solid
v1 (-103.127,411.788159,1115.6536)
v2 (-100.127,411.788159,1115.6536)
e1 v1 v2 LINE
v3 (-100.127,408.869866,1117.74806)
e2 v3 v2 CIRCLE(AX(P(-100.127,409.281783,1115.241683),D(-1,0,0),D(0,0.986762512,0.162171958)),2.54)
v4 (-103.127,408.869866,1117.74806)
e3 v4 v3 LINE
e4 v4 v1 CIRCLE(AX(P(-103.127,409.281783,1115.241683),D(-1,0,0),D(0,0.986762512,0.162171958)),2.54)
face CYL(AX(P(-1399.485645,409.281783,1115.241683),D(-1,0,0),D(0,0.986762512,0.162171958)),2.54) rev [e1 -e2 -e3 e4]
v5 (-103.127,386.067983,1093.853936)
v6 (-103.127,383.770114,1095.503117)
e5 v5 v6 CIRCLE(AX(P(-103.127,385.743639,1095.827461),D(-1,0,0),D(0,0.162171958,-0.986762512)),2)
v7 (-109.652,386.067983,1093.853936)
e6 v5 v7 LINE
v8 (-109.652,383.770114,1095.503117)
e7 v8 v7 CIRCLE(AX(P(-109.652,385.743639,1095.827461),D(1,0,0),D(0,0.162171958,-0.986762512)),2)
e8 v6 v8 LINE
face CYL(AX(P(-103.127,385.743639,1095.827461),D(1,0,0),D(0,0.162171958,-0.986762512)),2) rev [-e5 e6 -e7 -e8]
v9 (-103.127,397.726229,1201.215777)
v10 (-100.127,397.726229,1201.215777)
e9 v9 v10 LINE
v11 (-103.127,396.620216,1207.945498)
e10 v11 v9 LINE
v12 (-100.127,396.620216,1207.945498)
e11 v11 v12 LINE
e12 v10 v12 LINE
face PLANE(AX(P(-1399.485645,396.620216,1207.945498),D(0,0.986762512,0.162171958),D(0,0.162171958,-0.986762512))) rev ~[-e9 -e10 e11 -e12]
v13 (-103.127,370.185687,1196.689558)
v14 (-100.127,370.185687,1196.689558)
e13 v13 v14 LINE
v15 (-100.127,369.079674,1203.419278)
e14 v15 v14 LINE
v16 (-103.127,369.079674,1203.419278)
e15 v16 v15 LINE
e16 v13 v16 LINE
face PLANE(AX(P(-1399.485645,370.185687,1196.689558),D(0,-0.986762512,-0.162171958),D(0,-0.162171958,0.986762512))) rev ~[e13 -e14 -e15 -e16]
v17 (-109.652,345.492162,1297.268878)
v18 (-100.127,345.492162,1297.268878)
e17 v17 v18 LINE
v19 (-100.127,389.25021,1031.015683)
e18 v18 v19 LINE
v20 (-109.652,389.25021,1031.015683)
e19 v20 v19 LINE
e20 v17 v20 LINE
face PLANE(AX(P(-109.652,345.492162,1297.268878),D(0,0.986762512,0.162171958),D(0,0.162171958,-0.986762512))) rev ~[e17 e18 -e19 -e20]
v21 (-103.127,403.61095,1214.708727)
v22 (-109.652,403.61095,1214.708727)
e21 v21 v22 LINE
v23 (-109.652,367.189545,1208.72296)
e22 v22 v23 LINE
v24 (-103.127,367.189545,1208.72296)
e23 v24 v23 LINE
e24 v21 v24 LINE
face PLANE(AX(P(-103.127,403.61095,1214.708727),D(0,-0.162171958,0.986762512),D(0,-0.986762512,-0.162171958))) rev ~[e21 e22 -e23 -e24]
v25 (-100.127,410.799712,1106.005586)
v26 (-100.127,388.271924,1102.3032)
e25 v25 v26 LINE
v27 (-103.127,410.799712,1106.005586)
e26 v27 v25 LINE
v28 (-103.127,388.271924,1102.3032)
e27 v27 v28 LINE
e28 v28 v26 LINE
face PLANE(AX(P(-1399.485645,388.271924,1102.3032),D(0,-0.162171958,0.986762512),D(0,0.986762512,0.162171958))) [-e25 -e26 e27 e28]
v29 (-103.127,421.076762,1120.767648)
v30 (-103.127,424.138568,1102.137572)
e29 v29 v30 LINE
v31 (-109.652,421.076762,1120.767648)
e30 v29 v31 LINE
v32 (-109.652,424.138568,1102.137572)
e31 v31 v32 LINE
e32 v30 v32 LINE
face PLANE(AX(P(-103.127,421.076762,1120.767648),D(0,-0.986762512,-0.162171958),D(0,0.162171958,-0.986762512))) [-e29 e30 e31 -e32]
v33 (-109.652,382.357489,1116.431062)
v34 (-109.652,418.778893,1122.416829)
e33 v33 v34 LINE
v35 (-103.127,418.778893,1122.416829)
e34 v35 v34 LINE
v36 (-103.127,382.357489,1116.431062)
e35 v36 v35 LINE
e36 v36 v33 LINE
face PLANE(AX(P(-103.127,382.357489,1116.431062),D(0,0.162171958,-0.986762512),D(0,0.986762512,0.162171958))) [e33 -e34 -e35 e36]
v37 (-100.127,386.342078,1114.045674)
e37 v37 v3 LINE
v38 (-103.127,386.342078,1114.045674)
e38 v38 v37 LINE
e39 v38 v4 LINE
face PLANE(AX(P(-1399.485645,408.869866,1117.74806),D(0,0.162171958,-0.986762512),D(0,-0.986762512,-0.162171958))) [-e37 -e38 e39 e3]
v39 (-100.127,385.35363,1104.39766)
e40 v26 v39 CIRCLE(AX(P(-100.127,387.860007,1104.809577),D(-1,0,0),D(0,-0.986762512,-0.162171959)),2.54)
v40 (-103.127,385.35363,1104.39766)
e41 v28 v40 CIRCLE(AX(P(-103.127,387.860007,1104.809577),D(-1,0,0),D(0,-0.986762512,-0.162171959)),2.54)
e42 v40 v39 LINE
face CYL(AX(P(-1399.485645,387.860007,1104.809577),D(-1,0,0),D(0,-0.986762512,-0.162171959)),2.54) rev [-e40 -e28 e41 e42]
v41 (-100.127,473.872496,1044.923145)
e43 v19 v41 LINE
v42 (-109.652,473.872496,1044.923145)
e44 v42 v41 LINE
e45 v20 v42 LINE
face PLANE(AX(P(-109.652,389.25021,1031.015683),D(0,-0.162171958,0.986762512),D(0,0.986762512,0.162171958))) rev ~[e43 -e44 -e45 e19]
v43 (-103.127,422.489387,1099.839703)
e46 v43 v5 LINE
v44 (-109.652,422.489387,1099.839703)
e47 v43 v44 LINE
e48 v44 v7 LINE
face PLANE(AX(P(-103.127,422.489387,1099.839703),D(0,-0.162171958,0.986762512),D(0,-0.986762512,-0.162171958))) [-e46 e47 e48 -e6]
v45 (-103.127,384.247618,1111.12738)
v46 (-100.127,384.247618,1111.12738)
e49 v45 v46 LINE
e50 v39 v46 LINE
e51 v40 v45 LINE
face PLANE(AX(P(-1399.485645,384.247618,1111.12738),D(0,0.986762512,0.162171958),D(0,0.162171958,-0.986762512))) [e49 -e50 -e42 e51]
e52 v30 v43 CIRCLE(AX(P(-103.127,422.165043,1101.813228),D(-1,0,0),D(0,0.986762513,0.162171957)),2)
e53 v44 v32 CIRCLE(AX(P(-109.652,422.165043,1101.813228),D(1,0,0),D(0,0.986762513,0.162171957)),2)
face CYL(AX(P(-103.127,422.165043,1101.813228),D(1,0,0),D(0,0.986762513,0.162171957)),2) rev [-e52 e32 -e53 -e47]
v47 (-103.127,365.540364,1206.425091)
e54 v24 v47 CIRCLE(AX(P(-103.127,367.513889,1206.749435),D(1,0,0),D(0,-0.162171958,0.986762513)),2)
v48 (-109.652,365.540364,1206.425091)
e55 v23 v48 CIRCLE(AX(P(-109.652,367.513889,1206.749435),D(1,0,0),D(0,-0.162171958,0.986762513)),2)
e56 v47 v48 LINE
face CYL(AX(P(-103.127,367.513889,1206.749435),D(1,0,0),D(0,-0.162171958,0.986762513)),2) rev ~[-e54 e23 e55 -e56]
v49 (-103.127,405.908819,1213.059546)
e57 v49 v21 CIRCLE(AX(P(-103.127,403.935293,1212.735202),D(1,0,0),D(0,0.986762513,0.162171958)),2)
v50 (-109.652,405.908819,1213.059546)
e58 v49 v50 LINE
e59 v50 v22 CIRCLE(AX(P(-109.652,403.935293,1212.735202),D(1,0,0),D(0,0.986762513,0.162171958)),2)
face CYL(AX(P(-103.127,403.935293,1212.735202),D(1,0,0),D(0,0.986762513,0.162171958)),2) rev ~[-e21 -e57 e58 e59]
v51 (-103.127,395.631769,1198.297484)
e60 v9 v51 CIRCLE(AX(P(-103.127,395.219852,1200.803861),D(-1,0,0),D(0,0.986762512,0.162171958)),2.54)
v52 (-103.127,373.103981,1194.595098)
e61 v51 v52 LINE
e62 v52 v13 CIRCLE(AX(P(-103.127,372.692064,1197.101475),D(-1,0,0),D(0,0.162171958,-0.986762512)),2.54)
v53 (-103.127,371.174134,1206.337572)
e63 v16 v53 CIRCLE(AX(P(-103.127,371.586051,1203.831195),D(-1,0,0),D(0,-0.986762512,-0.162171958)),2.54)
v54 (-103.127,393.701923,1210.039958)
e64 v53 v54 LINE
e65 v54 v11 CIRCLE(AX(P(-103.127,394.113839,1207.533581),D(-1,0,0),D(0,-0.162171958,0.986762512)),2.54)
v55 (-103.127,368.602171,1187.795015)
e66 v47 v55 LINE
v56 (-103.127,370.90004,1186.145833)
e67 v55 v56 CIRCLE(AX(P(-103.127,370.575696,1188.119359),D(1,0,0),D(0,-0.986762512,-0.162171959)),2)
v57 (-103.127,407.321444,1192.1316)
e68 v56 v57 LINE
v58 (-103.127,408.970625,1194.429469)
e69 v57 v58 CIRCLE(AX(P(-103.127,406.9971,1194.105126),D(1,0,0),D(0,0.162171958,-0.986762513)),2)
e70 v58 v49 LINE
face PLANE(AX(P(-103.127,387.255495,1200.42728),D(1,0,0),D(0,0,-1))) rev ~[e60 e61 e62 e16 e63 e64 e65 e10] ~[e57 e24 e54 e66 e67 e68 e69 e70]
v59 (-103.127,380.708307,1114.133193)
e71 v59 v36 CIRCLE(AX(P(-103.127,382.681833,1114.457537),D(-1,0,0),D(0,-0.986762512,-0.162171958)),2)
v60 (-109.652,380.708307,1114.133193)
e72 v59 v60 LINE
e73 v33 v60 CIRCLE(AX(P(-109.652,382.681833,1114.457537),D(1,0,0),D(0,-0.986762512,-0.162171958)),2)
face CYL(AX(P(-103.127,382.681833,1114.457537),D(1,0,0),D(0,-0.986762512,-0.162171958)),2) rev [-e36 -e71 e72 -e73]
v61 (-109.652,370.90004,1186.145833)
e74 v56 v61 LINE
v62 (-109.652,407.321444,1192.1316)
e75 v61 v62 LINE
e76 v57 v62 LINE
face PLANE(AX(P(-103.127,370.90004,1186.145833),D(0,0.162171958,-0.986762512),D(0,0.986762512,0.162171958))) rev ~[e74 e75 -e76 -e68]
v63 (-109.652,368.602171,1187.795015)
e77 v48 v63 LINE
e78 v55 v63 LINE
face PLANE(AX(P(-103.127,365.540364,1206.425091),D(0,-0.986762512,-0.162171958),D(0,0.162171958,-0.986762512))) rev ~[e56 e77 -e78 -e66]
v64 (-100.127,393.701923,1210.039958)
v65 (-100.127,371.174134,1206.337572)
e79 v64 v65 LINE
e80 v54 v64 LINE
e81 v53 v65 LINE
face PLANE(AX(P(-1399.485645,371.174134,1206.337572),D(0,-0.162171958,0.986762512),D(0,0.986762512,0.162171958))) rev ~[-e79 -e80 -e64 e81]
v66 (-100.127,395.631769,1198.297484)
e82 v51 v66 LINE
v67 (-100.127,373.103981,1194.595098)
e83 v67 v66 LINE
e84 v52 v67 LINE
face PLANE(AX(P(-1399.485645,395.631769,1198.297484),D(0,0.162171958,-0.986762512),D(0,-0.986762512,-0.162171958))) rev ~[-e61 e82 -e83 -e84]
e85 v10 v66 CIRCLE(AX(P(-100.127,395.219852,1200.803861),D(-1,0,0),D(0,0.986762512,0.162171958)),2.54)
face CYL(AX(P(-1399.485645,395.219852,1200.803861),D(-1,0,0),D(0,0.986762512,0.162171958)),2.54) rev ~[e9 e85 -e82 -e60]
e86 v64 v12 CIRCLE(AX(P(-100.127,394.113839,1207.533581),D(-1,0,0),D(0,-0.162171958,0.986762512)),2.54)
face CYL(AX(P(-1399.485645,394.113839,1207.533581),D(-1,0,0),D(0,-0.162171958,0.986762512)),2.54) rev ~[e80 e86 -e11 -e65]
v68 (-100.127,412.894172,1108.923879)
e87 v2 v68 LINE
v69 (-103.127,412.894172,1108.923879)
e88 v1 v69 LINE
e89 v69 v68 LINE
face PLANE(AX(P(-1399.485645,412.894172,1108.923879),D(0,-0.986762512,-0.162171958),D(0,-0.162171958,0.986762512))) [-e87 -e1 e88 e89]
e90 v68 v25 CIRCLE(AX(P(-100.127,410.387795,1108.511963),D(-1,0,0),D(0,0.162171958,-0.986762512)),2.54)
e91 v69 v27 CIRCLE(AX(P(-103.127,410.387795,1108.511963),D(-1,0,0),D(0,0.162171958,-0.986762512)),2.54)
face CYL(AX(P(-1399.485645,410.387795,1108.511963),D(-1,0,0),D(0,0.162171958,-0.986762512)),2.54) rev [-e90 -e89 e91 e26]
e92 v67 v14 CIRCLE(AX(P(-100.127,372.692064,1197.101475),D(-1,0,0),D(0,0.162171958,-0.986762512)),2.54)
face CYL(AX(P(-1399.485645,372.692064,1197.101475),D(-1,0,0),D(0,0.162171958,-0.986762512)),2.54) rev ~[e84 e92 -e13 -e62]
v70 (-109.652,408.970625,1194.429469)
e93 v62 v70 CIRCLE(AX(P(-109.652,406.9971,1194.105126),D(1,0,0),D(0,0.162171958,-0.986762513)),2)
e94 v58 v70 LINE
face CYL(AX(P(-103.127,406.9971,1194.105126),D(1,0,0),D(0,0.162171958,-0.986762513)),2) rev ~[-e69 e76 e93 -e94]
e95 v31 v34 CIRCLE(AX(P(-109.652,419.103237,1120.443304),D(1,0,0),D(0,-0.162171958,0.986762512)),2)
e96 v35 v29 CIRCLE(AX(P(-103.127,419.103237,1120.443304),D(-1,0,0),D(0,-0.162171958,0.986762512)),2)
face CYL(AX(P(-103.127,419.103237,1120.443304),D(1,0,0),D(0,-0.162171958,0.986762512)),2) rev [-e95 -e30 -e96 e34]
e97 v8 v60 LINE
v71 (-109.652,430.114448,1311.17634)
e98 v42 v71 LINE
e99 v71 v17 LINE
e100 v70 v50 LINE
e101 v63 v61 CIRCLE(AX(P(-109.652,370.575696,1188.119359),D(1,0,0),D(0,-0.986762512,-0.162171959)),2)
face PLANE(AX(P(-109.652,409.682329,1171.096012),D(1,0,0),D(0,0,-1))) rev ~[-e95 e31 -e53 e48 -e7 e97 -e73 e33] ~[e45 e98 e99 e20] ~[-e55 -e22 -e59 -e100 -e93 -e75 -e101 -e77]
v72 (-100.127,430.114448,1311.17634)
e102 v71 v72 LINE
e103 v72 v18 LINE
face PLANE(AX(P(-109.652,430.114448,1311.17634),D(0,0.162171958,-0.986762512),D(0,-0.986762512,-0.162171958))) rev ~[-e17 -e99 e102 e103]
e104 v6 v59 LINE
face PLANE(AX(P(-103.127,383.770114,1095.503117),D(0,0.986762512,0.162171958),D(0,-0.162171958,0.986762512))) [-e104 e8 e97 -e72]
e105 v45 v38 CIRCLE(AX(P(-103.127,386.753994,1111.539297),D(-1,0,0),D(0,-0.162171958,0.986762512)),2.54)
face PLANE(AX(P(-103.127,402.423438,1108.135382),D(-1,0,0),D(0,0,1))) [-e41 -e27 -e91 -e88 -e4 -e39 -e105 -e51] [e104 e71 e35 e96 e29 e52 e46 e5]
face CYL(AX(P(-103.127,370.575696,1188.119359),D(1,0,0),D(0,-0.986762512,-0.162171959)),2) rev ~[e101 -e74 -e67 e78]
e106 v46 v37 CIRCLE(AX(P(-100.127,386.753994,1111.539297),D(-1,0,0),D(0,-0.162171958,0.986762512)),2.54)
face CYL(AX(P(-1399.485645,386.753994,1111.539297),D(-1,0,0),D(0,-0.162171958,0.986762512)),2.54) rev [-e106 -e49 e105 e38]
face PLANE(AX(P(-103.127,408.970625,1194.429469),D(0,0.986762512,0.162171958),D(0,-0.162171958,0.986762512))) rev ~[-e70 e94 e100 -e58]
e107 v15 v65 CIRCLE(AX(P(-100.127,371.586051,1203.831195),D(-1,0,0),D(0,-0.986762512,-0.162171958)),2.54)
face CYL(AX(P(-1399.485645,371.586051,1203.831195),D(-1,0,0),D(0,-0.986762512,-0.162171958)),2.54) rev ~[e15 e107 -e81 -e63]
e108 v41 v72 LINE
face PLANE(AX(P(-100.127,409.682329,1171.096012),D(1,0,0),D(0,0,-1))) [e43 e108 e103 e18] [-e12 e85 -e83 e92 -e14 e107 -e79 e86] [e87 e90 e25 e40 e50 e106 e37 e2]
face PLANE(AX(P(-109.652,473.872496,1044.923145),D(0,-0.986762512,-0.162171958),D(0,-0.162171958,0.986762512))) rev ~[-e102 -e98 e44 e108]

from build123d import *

# Parameters (mm, degrees)
BOSS_EXTRUDE1_START     = -109.652
BOSS_EXTRUDE1_DEPTH     = 9.525
CUT_EXTRUDE1_DEPTH      = 1399.485644649
CUT_EXTRUDE1_DEPTH_BACK = 1399.485644649
CUT_EXTRUDE2_START      = -103.127
CUT_EXTRUDE2_DEPTH      = 1296.358644649


with BuildPart() as part:
    # Sketch1 → Boss-Extrude1 (new body)
    with BuildSketch(Plane(origin=(0, 0, 0), x_dir=(0, 0, -1), z_dir=(1, 0, 0)).offset(BOSS_EXTRUDE1_START)):
        Polygon((-1044.923144897, 473.87249639), (-1311.176339914, 430.114447736), (-1297.268878193, 345.492161514), (-1031.015683176, 389.250210169), align=None)
    extrude(amount=BOSS_EXTRUDE1_DEPTH)

    # Sketch2 → Cut-Extrude1 (cut, two sides: drawn at the far end of the back side and taken through both)
    with BuildSketch(Plane(origin=(0, 0, 0), x_dir=(0, 0, -1), z_dir=(1, 0, 0)).offset(-CUT_EXTRUDE1_DEPTH_BACK)):
        with BuildLine():
            Line((-1108.923879409, 412.894172152), (-1115.653599818, 411.788159384))
            ThreePointArc((-1115.653599818, 411.788159384), (-1117.305228207, 410.762789477), (-1117.748059826, 408.869865828))
            Line((-1117.748059826, 408.869865828), (-1114.045674009, 386.34207761))
            ThreePointArc((-1114.045674009, 386.34207761), (-1113.020304102, 384.690449222), (-1111.127380454, 384.247617603))
            Line((-1111.127380454, 384.247617603), (-1104.397660044, 385.35363037))
            ThreePointArc((-1104.397660044, 385.35363037), (-1102.746031655, 386.379000278), (-1102.303200036, 388.271923926))
            Line((-1102.303200036, 388.271923926), (-1106.005585853, 410.799712144))
            ThreePointArc((-1106.005585853, 410.799712144), (-1107.03095576, 412.451340533), (-1108.923879409, 412.894172152))
        make_face()
        with BuildLine():
            Line((-1206.337571934, 371.174134332), (-1210.039957751, 393.70192255))
            ThreePointArc((-1210.039957751, 393.70192255), (-1209.597126132, 395.594846198), (-1207.945497743, 396.620216105))
            Line((-1207.945497743, 396.620216105), (-1201.215777333, 397.726228873))
            ThreePointArc((-1201.215777333, 397.726228873), (-1199.322853685, 397.283397254), (-1198.297483778, 395.631768865))
            Line((-1198.297483778, 395.631768865), (-1194.595097961, 373.103980647))
            ThreePointArc((-1194.595097961, 373.103980647), (-1195.03792958, 371.211056999), (-1196.689557968, 370.185687092))
            Line((-1196.689557968, 370.185687092), (-1203.419278378, 369.079674324))
            ThreePointArc((-1203.419278378, 369.079674324), (-1205.312202026, 369.522505943), (-1206.337571934, 371.174134332))
        make_face()
    extrude(amount=CUT_EXTRUDE1_DEPTH + CUT_EXTRUDE1_DEPTH_BACK, mode=Mode.SUBTRACT)

    # Sketch3 → Cut-Extrude2 (cut, through all)
    with BuildSketch(Plane(origin=(0, 0, 0), x_dir=(0, 0, -1), z_dir=(1, 0, 0)).offset(CUT_EXTRUDE2_START)):
        with BuildLine():
            Line((-1095.503116711, 383.770114016), (-1114.13319278, 380.708307472))
            ThreePointArc((-1114.13319278, 380.708307472), (-1115.623683889, 381.056993797), (-1116.431061795, 382.357488633))
            Line((-1116.431061795, 382.357488633), (-1122.416828748, 418.778892809))
            ThreePointArc((-1122.416828748, 418.778892809), (-1122.068142423, 420.269383918), (-1120.767647587, 421.076761824))
            Line((-1120.767647587, 421.076761824), (-1102.137571518, 424.138568369))
            ThreePointArc((-1102.137571518, 424.138568369), (-1100.647080409, 423.789882043), (-1099.839702503, 422.489387207))
            Line((-1099.839702503, 422.489387207), (-1093.85393555, 386.067983031))
            ThreePointArc((-1093.85393555, 386.067983031), (-1094.202621875, 384.577491922), (-1095.503116711, 383.770114016))
        make_face()
        with BuildLine():
            Line((-1194.429469443, 408.97062509), (-1213.059545512, 405.908818545))
            ThreePointArc((-1213.059545512, 405.908818545), (-1214.360040348, 405.10144064), (-1214.708726673, 403.61094953))
            Line((-1214.708726673, 403.61094953), (-1208.722959719, 367.189545354))
            ThreePointArc((-1208.722959719, 367.189545354), (-1207.915581814, 365.889050518), (-1206.425090705, 365.540364193))
            Line((-1206.425090705, 365.540364193), (-1187.795014635, 368.602170738))
            ThreePointArc((-1187.795014635, 368.602170738), (-1186.4945198, 369.409548643), (-1186.145833474, 370.900039753))
            Line((-1186.145833474, 370.900039753), (-1192.131600428, 407.321443929))
            ThreePointArc((-1192.131600428, 407.321443929), (-1192.938978333, 408.621938765), (-1194.429469443, 408.97062509))
        make_face()
    extrude(amount=-CUT_EXTRUDE2_DEPTH, mode=Mode.SUBTRACT)


solid = part.part
